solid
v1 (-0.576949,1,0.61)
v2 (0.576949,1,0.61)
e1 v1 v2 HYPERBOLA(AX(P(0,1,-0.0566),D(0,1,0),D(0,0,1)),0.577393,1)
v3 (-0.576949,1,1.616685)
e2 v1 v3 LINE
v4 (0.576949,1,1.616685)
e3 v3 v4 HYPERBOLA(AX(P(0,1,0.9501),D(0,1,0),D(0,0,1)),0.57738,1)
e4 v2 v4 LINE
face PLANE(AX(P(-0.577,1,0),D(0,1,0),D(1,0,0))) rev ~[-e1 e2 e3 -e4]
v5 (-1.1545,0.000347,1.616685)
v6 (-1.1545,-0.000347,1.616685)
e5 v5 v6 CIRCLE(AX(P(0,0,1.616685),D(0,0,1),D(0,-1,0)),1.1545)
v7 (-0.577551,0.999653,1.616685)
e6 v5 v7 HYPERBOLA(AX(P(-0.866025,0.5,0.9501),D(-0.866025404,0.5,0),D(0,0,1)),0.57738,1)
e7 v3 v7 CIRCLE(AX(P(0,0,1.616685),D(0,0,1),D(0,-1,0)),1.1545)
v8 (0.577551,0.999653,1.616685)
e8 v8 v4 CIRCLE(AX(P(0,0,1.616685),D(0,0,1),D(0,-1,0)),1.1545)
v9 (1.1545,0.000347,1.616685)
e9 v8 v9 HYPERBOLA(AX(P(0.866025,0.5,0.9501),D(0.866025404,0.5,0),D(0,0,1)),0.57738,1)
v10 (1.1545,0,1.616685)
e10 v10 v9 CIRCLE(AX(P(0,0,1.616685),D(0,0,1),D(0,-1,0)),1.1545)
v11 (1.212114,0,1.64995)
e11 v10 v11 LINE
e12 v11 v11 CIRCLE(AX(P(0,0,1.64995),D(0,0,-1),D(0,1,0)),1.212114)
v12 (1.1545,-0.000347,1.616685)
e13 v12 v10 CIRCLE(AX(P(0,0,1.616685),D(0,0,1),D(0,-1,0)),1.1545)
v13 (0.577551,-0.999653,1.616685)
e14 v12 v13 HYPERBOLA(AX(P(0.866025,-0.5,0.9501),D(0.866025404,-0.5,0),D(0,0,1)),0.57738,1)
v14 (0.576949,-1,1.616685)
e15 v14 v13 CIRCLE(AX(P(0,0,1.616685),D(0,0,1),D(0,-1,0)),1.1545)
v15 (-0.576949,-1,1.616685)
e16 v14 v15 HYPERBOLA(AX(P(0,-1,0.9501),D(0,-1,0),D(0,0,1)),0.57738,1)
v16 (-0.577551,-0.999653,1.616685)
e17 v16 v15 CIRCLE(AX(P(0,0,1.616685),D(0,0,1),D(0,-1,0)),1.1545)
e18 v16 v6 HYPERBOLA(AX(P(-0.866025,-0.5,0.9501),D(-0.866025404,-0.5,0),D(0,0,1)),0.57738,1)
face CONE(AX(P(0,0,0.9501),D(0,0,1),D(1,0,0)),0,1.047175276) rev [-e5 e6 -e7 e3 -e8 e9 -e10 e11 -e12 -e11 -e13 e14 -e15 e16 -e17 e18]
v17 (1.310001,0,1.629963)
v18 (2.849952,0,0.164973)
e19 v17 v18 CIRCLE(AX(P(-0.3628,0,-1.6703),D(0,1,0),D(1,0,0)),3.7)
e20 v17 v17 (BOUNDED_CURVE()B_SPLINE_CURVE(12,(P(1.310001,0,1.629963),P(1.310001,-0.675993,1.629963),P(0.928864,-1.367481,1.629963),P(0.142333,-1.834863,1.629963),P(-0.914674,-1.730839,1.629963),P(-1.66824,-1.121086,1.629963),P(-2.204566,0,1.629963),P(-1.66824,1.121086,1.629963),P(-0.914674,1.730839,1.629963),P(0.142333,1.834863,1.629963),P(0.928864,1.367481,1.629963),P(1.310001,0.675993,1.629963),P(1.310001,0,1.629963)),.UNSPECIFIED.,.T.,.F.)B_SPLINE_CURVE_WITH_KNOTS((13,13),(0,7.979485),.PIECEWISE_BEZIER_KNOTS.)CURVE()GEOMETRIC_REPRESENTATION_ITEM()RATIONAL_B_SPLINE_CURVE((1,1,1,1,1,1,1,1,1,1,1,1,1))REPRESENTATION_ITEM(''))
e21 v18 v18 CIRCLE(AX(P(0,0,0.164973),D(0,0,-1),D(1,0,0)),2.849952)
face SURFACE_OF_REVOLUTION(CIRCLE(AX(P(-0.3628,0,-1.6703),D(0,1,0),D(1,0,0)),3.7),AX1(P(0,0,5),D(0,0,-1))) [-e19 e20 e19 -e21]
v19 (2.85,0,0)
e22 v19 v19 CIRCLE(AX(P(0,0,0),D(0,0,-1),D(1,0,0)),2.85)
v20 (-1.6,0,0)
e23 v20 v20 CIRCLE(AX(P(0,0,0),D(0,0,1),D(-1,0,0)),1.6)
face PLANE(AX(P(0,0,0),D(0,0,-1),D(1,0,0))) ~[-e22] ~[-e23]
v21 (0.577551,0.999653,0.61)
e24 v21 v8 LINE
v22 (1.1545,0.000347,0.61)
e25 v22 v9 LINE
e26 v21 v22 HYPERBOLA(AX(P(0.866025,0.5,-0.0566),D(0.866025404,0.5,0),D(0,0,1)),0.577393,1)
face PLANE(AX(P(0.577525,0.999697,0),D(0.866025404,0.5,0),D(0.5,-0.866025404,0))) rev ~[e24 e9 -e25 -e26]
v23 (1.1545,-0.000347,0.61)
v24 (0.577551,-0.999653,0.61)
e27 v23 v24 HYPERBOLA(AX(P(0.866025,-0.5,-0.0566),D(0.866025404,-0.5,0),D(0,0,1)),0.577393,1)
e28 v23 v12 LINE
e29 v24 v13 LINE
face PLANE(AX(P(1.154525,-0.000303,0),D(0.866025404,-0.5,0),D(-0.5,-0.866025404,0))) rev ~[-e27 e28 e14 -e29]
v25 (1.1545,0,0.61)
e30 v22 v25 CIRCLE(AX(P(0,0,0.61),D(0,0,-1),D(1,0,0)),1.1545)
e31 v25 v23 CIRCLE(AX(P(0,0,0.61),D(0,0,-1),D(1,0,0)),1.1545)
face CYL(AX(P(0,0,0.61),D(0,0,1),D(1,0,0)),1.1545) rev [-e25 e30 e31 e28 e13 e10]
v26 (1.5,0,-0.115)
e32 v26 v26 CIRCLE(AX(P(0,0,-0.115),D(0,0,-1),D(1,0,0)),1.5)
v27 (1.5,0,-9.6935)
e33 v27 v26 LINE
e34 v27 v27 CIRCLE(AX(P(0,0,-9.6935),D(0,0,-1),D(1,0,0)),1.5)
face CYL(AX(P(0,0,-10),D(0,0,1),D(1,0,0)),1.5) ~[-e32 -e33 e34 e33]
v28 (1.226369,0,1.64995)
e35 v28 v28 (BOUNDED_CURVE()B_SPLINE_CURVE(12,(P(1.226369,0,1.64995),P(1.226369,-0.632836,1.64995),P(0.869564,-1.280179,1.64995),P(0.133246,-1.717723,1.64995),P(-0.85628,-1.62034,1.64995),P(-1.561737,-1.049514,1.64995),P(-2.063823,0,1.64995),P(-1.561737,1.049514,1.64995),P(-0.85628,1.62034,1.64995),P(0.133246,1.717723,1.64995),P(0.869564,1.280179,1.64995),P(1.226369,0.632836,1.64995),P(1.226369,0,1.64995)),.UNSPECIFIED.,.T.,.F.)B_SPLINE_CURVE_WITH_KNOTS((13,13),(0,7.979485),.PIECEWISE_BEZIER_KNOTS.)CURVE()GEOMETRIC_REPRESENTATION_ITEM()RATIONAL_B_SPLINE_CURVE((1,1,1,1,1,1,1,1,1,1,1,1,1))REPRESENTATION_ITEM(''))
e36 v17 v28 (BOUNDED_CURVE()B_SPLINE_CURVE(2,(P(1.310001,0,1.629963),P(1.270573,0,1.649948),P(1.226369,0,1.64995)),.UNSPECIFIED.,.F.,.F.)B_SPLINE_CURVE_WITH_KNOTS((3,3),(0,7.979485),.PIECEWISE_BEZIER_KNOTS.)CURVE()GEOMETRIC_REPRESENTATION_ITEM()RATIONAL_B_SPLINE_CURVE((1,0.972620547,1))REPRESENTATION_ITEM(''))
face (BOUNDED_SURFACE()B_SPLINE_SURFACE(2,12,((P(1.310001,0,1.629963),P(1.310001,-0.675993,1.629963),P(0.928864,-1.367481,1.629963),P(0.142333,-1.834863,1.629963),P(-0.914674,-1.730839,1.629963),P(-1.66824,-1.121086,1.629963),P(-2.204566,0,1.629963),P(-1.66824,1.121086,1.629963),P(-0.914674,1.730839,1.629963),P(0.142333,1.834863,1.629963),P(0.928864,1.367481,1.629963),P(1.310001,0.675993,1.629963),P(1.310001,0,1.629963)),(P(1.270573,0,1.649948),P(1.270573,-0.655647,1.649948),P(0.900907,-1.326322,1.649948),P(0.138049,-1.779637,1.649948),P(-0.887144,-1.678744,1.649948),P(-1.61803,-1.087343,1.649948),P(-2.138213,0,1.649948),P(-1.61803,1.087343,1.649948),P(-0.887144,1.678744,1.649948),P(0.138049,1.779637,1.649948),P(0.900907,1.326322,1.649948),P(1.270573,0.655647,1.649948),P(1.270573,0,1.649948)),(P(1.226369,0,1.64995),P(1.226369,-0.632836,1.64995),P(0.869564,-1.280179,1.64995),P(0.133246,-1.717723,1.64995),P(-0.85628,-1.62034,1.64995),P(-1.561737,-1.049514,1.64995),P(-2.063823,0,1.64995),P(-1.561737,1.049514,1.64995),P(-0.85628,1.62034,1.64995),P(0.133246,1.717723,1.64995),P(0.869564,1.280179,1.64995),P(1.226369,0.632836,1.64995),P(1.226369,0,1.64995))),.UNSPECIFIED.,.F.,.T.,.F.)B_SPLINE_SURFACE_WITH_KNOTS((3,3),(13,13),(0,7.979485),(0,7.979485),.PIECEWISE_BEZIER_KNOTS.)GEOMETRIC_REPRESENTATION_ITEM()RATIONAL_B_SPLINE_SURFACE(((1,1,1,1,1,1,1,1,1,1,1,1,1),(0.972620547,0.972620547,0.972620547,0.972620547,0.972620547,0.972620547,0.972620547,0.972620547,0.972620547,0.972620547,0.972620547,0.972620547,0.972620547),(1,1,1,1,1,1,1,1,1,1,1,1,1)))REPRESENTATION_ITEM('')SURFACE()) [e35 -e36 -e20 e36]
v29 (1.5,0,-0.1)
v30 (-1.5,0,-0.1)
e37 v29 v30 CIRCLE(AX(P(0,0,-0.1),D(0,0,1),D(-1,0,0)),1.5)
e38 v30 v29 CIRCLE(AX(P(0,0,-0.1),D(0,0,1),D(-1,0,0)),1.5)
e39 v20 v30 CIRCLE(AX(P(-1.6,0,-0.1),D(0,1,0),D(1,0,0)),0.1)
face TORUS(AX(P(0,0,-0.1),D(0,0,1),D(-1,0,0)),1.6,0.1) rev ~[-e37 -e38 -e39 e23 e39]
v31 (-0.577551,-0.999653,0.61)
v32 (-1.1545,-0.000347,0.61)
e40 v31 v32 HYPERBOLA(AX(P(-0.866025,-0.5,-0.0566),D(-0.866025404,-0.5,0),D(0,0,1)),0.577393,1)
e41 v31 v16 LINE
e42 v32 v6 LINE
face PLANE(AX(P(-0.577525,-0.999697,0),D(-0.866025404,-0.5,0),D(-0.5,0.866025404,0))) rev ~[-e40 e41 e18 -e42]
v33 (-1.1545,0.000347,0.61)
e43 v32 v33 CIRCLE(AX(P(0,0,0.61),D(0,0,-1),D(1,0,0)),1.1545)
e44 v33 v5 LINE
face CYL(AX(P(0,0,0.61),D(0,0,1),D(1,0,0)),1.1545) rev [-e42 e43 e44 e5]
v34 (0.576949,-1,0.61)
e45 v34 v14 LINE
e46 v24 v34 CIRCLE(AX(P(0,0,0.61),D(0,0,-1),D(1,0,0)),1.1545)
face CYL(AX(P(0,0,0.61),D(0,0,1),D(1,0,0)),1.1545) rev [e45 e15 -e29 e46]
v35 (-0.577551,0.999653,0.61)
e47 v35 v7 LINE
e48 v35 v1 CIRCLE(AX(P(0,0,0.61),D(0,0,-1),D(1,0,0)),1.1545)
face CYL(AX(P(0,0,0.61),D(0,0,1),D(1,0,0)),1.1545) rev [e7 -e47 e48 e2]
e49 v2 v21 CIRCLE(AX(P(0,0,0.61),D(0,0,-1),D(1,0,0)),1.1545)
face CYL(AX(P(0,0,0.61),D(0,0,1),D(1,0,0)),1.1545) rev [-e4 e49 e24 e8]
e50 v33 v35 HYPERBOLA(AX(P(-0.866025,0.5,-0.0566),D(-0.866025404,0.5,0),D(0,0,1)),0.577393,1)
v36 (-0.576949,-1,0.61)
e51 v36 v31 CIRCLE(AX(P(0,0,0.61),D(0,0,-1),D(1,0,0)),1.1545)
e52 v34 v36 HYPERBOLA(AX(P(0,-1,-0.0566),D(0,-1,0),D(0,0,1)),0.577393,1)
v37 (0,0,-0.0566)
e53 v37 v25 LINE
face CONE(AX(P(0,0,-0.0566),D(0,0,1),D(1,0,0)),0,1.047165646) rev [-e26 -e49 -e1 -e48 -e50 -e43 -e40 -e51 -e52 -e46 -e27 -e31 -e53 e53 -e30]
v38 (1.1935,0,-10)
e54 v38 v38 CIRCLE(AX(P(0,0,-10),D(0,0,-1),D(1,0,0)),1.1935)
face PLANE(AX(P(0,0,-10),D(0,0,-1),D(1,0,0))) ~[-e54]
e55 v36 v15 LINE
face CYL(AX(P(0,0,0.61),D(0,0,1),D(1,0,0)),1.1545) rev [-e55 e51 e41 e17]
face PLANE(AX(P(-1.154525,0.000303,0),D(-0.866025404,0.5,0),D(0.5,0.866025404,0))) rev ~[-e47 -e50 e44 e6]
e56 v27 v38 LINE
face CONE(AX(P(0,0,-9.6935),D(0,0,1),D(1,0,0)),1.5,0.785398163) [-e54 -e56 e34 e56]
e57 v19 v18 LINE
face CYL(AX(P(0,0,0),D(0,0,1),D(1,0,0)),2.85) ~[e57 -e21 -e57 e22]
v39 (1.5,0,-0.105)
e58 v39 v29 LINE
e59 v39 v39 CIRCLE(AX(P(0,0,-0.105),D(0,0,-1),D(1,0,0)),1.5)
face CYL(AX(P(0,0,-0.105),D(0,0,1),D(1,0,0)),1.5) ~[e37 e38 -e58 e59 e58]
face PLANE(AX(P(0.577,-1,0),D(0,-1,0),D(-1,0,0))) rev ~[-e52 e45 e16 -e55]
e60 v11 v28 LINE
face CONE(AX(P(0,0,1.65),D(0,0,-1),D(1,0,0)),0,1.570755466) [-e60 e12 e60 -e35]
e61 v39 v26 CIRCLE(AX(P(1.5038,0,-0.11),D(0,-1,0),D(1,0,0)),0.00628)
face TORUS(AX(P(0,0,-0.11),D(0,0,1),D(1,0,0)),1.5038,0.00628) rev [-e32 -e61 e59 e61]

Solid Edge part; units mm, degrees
sketch "Sketch1" plane through (0, 0, 0) normal (0, -1, 0) x (1, 0, 0)
  line L0 (0, -10) -> (1.5, -10)
  line L1 (1.5, -10) -> (1.5, -0.115)
  arc A0 (1.5, -0.105) -> (1.5, -0.115) centre (1.5038, -0.11) ccw
  line L2 (1.5, -0.105) -> (1.5, 0)
  line L3 (1.5, 0) -> (2.85, 0)
  line L4 (2.85, 0) -> (2.85, 0.165)
  arc A1 (1.27, 1.65) -> (2.85, 0.165) centre (-0.3628, -1.6703) cw
  line L5 (0, 1.65) -> (1.27, 1.65)
  dimension "D1" = 9.885
  dimension "D2" = 1.5
  dimension "D3" = 1.27
  dimension "D4" = 2.85
  dimension "D5" = 0.165
  dimension "D6" = 1.65
  dimension "D7" = 3.7
  dimension "D8" = 10
  dimension "D9" = 0.01
  dimension "D10" = 0.0025
revolve "RevolvedProtrusion1" add sketch "Sketch1" angle 360 about axis through (0, 0, 5) along (0, 0, -1)
sketch "Sketch2" plane through (0, 0, 0) normal (0, -1, 0) x (1, 0, 0)
  line L0 (0, -0.0566) -> (1.1545, 0.61)
  line L1 (1.1545, 0.61) -> (1.1545, 1.65)
  line L2 (1.1545, 1.65) -> (0, 1.65)
  dimension "D1" = 1.1545
  dimension "D2" = 1.04
revolve "RevolvedCutout1" cut sketch "Sketch2" angle 360 about axis through (0, 0, 5.3) along (0, 0, -1)
sketch "Sketch3" plane through (0, 0, 0) normal (0, 0, -1) x (0, 1, 0)
  arc A0 (-1, 0.577) -> (-1, -0.577) centre (0, 0) ccw
  line L0 (-1, 0.577) -> (-1, -0.577)
  dimension "D1" = 1
extrude "Protrusion1" add sketch "Sketch3" against normal blind 1.65
pattern_circular "Pattern1" count 6 over 360 about axis through (0, 0, 0) along (0, 0, -1) of "Protrusion1"
fillet "Round_1" radius 0.185 1 edges at (-1.27, 0, 1.65)
sketch "Sketch4" plane through (0, 0, 0) normal (0, -1, 0) x (1, 0, 0)
  line L0 (0, 0.9501) -> (1.2122, 1.65)
  line L1 (1.2122, 1.65) -> (0, 1.65)
  dimension "D1" = 1.2122
revolve "RevolvedCutout2" cut sketch "Sketch4" angle 360 about axis through (0, 0, 5.3) along (0, 0, -1)
sketch "Sketch5" plane through (0, 0, 0) normal (0, -1, 0) x (1, 0, 0)
  line L0 (-1.5, 0) -> (-1.5, -0.1)
  line L1 (-1.6, 0) -> (-1.5, 0)
  arc A0 (-1.6, 0) -> (-1.5, -0.1) centre (-1.6, -0.1) cw
  dimension "D1" = 1.5
  dimension "D2" = 0.1
revolve "RevolvedProtrusion2" add sketch "Sketch5" angle 360 about axis through (0, 0, -0.5) along (0, 0, 1)
cosmetic_thread "Thread1" size "M3"
chamfer "Chamfer1" distance 0.3065 angle 45 1 edges at (-1.5, 0, -10)
properties material "Stahl"
